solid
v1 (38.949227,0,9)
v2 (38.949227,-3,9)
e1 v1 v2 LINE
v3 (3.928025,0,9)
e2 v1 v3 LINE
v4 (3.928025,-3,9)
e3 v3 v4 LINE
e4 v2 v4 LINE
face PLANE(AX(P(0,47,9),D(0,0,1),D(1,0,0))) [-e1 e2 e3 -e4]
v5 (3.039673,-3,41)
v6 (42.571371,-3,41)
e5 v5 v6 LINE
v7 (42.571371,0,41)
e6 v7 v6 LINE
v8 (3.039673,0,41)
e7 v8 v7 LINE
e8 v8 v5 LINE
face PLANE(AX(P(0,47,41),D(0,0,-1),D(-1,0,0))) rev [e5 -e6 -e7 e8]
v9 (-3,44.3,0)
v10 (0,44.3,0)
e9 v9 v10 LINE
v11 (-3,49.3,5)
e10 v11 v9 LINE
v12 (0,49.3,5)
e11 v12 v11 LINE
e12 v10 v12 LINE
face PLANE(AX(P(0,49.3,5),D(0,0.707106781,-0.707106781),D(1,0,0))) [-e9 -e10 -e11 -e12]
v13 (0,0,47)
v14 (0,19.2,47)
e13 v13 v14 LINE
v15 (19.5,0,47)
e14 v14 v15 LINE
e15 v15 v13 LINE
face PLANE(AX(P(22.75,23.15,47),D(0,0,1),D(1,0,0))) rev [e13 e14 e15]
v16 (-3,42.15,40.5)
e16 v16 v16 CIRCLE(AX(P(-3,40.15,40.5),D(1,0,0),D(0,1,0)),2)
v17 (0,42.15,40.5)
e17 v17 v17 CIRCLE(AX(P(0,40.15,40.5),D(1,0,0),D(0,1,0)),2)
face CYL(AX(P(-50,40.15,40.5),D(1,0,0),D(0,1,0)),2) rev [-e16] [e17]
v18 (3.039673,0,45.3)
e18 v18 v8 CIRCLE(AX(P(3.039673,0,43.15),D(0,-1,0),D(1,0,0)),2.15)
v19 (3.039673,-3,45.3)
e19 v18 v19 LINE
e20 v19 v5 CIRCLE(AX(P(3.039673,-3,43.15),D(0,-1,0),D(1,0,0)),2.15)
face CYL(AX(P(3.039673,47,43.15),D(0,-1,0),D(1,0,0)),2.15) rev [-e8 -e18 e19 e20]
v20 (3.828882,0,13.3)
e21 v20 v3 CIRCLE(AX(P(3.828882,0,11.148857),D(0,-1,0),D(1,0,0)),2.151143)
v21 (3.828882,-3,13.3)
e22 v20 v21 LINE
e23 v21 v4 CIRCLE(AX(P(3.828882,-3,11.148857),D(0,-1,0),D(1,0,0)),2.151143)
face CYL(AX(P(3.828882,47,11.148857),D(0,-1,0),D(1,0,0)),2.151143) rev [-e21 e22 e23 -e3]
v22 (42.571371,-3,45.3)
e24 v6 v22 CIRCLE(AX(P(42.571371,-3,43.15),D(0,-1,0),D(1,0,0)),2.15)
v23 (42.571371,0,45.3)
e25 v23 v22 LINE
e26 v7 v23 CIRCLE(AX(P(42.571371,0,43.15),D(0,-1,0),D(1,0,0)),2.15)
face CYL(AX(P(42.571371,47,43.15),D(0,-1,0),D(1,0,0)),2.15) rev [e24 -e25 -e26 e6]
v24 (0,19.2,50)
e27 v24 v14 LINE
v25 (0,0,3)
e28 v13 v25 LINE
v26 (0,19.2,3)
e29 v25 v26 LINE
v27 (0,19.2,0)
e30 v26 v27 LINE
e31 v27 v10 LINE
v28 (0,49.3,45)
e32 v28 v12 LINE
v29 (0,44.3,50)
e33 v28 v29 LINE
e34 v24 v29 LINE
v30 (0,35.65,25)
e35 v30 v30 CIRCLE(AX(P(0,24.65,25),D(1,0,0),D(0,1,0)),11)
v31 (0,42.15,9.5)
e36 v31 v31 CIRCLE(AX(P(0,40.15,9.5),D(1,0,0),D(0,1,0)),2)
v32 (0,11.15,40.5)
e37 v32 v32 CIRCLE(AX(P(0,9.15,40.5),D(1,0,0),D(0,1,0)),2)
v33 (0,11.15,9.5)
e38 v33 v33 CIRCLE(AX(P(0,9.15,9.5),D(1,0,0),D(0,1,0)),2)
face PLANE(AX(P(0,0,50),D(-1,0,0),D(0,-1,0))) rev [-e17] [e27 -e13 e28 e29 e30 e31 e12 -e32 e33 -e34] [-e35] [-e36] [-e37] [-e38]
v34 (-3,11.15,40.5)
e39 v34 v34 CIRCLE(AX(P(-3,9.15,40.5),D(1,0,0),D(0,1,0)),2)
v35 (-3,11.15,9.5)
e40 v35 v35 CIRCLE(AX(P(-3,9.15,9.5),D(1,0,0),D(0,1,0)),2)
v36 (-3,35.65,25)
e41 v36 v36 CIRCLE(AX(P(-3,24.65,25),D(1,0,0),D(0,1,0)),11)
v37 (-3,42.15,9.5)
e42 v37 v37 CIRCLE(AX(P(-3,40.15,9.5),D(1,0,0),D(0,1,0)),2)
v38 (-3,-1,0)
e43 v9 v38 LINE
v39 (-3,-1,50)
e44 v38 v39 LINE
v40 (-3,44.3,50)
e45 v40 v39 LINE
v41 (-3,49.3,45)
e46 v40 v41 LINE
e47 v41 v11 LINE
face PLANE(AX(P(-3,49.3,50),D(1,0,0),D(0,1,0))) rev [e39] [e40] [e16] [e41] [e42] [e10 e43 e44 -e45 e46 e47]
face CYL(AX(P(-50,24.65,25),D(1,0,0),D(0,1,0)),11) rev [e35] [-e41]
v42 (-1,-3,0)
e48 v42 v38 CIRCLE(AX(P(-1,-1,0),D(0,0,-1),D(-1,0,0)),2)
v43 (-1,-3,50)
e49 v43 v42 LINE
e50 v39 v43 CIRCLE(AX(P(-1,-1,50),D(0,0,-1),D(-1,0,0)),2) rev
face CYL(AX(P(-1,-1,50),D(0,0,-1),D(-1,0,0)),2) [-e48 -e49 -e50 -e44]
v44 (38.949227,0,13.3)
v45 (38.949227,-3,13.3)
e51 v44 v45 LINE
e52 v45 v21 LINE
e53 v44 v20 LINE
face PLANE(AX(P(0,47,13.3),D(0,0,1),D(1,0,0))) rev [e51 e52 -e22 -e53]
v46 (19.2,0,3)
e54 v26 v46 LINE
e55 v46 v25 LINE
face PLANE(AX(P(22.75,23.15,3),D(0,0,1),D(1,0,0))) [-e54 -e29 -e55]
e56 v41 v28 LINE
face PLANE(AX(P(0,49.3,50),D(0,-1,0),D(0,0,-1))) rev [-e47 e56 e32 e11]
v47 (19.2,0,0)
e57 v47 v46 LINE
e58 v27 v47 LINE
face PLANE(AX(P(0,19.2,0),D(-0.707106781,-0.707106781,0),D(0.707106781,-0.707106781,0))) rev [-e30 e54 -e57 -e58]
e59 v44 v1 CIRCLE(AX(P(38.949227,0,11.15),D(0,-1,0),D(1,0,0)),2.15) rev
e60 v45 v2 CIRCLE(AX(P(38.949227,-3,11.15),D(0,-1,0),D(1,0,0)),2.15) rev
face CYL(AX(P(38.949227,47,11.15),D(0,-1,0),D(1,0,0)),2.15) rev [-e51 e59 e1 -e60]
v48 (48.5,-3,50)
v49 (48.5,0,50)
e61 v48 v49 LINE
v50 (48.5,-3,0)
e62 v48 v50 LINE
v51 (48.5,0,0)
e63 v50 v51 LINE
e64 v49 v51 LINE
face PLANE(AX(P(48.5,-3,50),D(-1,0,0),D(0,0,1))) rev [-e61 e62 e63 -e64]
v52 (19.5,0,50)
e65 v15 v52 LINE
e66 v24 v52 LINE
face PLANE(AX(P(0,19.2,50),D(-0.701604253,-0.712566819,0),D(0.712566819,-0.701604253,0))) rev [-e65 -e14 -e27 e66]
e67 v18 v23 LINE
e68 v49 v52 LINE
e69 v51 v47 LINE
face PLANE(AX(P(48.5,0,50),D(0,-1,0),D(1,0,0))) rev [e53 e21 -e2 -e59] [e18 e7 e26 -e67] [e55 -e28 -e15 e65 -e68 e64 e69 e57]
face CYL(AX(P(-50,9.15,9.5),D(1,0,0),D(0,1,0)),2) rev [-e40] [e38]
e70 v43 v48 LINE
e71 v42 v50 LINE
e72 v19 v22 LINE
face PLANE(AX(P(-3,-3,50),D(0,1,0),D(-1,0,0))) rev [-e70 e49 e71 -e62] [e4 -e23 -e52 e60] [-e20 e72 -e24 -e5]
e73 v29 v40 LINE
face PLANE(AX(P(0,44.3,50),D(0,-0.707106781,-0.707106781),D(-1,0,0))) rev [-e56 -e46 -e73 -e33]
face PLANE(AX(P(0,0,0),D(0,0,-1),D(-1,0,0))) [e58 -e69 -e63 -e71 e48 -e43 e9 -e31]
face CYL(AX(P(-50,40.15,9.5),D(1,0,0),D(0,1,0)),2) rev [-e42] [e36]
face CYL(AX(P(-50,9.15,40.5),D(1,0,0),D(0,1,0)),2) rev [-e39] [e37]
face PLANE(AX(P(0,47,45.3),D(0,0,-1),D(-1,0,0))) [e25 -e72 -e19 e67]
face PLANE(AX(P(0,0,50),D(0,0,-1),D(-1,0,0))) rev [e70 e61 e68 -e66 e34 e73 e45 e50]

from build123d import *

# Parameters (mm, degrees)
BOSS_EXTRUDE1_DEPTH = 50
RIB1_REACH          = 87.339
SKETCH8_WALL_W      = 200.043796972
SKETCH8_WALL_H      = 3
RIB2_REACH          = 87.339
SKETCH10_WALL_W     = 199.830842734
SKETCH10_WALL_H     = 3
FILLET1_R           = 2
SKETCH11_R          = 11
SKETCH11_R_2        = 2
CUT_EXTRUDE1_DEPTH  = 50
CHAMFER1_SIZE       = 5
CUT_EXTRUDE2_DEPTH  = 50


with BuildPart() as part:
    # Sketch1 → Boss-Extrude1 (new body)
    with BuildSketch(Plane.XY):
        Polygon((0, 0), (0, 49.3), (-3, 49.3), (-3, -3), (48.5, -3), (48.5, 0), align=None)
    extrude(amount=BOSS_EXTRUDE1_DEPTH)

    # Sketch8 wall → Rib1 (add, up to next)
    with BuildSketch(Plane(origin=(9.75, 9.6, 50), x_dir=(0.712566819448, -0.701604252995, 0), z_dir=(0.701604252995, 0.712566819448, 0)), mode=Mode.PRIVATE) as rib1_sk1:
        with Locations((0, 1.5)):
            Rectangle(SKETCH8_WALL_W, SKETCH8_WALL_H)
    rib1_tool1 = extrude(rib1_sk1.sketch, amount=-RIB1_REACH, mode=Mode.PRIVATE) - part.part
    add(rib1_tool1.solids().sort_by_distance((9.75, 9.6, 50))[0])

    # Sketch10 wall → Rib2 (add, up to next)
    with BuildSketch(Plane(origin=(9.6, 9.6, 0), x_dir=(0.707106781187, -0.707106781187, 0), z_dir=(0.707106781187, 0.707106781187, 0)), mode=Mode.PRIVATE) as rib2_sk1:
        with Locations((0, -1.5)):
            Rectangle(SKETCH10_WALL_W, SKETCH10_WALL_H)
    rib2_tool1 = extrude(rib2_sk1.sketch, amount=-RIB2_REACH, mode=Mode.PRIVATE) - part.part
    add(rib2_tool1.solids().sort_by_distance((9.6, 9.6, 0))[0])

    # Fillet1
    fillet1_edges = [part.edges().sort_by_distance(p)[0] for p in [
        (-3, -3, 25),
    ]]
    fillet(fillet1_edges, radius=FILLET1_R)

    # Sketch11 → Cut-Extrude1 (cut)
    with BuildSketch(Plane(origin=(0, 0, 0), x_dir=(0, 0, -1), z_dir=(1, 0, 0))):
        with Locations(Location((-25, 24.65, 0), (0, 0, 90))):
            Circle(SKETCH11_R)
        with Locations(Location((-40.5, 40.15, 0), (0, 0, 90))):
            Circle(SKETCH11_R_2)
        with Locations(Location((-9.5, 40.15, 0), (0, 0, 90))):
            Circle(SKETCH11_R_2)
        with Locations(Location((-9.5, 9.15, 0), (0, 0, 90))):
            Circle(SKETCH11_R_2)
        with Locations(Location((-40.5, 9.15, 0), (0, 0, 90))):
            Circle(SKETCH11_R_2)
    extrude(amount=-CUT_EXTRUDE1_DEPTH, mode=Mode.SUBTRACT)

    # Chamfer1
    chamfer1_edges = [part.edges().sort_by_distance(p)[0] for p in [
        (-1.5, 49.3, 50),
        (-1.5, 49.3, 0),
    ]]
    chamfer(chamfer1_edges, length=CHAMFER1_SIZE)

    # Sketch12 → Cut-Extrude2 (cut)
    with BuildSketch(Plane.XZ.offset(3)):
        with BuildLine():
            Line((38.94922721, 9), (3.928025493, 9))
            ThreePointArc((3.928025493, 9), (1.678310919, 11.099272288), (3.828882318, 13.3))
            Line((3.828882318, 13.3), (38.94922721, 13.3))
            ThreePointArc((38.94922721, 13.3), (41.09922721, 11.15), (38.94922721, 9))
        make_face()
        with BuildLine():
            Line((3.039672714, 41), (42.571371384, 41))
            ThreePointArc((42.571371384, 41), (44.721371384, 43.15), (42.571371384, 45.3))
            Line((42.571371384, 45.3), (3.039672714, 45.3))
            ThreePointArc((3.039672714, 45.3), (0.889672714, 43.15), (3.039672714, 41))
        make_face()
    extrude(amount=-CUT_EXTRUDE2_DEPTH, mode=Mode.SUBTRACT)


solid = part.part
